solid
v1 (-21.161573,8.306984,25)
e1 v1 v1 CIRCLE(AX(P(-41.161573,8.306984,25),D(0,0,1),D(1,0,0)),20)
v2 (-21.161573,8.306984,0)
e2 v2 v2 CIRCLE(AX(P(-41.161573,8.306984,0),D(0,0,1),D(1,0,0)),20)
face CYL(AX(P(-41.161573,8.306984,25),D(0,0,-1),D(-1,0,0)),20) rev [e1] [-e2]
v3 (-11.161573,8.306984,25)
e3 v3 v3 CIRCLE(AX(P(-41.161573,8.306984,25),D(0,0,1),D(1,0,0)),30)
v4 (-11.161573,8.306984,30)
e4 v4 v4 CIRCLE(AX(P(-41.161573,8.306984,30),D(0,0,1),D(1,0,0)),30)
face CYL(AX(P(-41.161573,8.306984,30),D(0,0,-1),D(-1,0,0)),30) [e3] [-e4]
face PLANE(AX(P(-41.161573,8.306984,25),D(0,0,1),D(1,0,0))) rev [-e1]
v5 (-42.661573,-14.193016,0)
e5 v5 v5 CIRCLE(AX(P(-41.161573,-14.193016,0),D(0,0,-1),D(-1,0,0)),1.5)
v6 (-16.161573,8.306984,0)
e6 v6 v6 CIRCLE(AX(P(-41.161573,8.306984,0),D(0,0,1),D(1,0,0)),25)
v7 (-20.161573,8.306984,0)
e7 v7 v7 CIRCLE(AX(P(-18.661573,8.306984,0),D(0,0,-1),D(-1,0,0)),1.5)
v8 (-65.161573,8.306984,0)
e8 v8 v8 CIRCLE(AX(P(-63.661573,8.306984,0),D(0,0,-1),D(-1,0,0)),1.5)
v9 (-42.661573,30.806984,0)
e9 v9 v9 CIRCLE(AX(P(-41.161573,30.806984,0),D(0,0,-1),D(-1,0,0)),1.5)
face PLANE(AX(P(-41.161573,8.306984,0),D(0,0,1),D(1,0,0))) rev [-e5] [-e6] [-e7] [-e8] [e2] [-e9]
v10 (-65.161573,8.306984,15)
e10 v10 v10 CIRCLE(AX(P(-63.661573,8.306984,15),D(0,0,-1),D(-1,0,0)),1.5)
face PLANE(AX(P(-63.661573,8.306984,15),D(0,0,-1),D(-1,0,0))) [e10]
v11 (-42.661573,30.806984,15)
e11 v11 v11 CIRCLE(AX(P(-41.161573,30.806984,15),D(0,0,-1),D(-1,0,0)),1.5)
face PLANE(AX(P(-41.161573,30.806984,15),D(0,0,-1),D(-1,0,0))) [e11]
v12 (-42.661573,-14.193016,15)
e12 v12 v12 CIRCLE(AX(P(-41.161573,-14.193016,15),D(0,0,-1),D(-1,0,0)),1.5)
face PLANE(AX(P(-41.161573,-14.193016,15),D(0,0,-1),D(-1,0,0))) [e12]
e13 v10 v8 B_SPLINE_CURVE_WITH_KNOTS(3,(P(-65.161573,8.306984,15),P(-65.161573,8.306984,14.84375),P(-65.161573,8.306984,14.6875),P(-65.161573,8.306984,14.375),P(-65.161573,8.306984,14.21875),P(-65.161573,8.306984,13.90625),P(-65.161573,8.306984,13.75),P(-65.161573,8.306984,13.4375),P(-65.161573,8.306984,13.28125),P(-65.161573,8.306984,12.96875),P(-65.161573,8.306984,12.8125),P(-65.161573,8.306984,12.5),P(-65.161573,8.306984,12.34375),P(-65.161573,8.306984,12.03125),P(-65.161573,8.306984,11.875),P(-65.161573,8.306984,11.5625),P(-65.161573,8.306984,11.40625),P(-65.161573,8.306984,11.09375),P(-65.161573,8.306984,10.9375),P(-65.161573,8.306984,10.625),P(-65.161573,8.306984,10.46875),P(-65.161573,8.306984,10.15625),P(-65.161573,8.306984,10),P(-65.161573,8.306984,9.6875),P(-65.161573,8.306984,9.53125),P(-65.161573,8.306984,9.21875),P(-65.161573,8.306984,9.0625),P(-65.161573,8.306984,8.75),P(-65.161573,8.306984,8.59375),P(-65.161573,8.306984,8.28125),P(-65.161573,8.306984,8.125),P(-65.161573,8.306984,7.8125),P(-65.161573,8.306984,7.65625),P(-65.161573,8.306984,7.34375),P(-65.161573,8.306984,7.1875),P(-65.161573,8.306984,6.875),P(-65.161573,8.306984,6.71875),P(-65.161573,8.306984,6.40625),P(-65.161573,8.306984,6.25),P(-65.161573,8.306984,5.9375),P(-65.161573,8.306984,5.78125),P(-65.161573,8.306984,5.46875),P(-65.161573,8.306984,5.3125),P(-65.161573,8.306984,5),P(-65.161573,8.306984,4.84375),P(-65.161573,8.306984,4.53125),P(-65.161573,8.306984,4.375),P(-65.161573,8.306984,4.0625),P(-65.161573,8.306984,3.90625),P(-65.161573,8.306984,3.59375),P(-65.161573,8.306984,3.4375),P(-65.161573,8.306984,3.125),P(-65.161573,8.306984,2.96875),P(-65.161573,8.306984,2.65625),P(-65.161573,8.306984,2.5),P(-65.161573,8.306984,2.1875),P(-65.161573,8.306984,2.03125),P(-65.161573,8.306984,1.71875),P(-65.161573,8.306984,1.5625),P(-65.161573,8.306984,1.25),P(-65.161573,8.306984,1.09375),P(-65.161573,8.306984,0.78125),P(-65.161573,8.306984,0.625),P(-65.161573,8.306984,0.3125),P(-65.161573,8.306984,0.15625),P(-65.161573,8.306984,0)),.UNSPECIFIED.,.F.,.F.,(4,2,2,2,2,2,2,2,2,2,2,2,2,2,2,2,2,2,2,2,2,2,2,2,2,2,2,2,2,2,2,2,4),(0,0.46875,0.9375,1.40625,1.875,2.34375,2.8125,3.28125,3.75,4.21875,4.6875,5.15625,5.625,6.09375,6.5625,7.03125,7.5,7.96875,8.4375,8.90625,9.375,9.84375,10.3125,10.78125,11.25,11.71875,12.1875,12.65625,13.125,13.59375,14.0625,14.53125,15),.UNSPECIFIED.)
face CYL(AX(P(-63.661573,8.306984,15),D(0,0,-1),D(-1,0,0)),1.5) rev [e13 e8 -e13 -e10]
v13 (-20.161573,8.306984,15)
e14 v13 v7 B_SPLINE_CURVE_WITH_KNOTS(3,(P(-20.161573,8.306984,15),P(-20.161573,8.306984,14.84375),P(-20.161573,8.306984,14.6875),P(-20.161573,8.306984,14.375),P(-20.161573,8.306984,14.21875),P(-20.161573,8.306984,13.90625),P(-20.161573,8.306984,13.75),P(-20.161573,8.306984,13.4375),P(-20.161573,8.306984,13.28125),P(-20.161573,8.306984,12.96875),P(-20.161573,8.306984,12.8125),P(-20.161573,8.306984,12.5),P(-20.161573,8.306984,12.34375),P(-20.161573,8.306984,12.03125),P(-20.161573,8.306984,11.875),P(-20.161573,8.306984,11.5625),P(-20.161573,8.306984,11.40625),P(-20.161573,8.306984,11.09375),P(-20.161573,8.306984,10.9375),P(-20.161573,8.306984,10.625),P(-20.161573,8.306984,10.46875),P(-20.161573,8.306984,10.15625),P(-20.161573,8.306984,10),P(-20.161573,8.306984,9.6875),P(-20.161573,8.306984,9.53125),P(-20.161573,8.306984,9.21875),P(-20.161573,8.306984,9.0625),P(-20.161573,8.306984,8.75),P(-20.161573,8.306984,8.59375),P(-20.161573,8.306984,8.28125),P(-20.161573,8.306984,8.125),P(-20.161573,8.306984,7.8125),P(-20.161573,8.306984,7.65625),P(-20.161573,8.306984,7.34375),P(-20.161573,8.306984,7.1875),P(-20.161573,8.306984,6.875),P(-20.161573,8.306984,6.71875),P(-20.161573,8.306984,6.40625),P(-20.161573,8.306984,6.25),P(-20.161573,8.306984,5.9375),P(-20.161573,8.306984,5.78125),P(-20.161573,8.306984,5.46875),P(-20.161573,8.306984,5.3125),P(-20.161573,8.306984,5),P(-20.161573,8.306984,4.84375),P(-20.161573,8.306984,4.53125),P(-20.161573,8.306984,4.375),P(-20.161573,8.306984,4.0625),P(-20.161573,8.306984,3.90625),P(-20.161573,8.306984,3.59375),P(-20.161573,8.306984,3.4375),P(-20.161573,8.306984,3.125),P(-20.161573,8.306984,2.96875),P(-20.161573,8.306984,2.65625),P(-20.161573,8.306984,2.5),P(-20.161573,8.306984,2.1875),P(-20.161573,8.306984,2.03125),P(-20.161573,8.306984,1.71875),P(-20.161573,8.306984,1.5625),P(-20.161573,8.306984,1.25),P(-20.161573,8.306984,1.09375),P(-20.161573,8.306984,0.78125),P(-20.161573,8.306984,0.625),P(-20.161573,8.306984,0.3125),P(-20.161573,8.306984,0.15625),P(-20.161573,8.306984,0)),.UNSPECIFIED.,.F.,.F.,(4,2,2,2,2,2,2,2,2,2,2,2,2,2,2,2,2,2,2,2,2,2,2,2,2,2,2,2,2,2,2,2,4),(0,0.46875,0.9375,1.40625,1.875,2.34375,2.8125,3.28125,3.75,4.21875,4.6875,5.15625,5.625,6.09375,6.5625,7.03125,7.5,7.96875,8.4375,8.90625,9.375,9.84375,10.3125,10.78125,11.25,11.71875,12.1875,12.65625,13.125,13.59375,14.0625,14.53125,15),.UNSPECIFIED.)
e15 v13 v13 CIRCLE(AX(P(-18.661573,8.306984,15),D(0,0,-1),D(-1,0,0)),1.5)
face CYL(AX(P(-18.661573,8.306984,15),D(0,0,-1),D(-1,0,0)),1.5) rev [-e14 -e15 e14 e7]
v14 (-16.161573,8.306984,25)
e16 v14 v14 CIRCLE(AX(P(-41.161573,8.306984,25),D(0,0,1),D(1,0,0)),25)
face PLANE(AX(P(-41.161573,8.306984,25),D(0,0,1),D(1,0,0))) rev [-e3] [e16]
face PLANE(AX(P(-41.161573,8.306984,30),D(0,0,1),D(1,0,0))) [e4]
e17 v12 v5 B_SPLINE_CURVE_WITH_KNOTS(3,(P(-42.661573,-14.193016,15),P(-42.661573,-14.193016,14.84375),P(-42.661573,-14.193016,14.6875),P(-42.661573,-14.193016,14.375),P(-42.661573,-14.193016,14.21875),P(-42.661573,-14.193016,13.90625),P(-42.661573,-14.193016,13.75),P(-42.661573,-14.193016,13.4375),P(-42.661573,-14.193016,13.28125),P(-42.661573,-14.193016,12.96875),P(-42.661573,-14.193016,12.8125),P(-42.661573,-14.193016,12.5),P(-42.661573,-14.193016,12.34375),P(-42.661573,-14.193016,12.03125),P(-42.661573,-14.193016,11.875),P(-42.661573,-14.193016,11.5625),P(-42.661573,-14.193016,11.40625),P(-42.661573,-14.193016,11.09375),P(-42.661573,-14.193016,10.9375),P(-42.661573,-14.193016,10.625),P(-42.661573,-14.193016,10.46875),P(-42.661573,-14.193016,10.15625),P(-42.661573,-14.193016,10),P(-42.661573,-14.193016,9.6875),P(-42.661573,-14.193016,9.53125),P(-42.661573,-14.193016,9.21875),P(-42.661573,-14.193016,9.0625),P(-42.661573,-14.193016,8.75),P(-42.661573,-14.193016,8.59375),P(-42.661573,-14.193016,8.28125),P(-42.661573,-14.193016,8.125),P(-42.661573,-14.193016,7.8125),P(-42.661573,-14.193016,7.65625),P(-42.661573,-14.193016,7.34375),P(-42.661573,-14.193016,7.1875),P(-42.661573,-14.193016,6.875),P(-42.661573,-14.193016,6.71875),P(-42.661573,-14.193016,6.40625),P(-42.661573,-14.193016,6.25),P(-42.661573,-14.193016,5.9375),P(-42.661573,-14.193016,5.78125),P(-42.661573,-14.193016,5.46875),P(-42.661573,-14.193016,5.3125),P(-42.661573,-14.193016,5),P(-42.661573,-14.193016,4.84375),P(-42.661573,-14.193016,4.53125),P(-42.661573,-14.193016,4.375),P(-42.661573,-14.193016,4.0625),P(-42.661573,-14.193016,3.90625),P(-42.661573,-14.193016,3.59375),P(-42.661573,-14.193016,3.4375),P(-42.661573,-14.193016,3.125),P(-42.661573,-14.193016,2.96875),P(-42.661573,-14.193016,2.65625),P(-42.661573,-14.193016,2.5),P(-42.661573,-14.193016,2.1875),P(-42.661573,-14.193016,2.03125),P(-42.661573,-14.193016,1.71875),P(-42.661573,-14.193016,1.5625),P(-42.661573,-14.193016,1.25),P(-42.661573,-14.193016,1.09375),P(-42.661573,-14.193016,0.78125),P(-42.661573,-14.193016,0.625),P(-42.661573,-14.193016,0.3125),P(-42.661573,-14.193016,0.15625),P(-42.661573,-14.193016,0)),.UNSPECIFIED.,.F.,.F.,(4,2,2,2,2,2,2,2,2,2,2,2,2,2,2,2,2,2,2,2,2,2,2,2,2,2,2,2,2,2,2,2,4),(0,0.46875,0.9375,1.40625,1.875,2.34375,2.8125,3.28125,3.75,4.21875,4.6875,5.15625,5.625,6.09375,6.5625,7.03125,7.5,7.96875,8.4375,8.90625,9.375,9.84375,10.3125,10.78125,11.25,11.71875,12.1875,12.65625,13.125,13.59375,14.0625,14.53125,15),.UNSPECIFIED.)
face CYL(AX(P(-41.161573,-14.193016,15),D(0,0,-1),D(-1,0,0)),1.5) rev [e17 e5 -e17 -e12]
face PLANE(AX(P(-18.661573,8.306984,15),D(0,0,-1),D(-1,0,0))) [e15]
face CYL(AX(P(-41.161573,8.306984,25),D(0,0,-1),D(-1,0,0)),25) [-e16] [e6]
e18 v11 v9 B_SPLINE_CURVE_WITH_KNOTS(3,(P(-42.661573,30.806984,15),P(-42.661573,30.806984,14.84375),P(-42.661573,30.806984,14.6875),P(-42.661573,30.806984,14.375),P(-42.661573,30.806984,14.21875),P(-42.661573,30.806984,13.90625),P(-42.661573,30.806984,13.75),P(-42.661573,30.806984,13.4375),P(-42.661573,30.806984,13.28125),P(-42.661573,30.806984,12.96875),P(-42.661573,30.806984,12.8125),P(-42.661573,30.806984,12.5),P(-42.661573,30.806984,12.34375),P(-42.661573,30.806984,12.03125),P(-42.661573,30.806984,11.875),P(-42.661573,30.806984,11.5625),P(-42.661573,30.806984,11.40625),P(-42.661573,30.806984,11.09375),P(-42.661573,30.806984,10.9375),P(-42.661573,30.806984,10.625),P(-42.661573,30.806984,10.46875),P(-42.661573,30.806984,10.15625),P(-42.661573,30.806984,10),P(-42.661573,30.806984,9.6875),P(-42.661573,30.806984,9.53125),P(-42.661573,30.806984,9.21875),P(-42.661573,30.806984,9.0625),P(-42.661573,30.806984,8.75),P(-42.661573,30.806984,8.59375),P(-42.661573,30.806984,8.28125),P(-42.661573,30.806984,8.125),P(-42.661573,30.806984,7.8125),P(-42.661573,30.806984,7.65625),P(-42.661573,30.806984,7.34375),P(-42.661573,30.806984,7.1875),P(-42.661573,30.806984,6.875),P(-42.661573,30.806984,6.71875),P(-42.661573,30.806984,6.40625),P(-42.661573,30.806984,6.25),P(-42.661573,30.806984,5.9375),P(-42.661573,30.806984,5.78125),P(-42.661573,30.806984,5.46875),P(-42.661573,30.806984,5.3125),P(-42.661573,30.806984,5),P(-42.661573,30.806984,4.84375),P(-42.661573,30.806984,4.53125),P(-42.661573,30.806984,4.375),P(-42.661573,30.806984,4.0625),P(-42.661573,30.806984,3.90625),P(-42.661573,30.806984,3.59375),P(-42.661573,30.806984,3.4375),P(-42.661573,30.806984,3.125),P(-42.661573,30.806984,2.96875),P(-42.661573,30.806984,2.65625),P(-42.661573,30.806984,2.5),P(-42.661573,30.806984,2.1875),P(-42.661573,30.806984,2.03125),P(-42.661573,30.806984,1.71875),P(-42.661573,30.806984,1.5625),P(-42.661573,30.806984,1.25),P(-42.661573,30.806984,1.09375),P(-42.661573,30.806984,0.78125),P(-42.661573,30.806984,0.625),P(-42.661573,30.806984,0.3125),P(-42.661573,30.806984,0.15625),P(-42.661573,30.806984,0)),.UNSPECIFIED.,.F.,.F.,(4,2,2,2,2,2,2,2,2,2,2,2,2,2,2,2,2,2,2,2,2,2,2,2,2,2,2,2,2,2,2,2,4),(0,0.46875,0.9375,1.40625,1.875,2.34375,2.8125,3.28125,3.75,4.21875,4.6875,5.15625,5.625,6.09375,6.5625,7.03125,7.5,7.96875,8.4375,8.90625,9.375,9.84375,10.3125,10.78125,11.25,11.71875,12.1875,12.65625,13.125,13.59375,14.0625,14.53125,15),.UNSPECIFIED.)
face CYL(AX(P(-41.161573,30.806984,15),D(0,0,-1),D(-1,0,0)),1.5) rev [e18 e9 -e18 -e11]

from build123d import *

# Parameters (mm, degrees)
SKETCH_1_R          = 25
SKETCH_1_R_2        = 20
EXTRUDE_3_DEPTH     = 25
SKETCH_12_R         = 1.5
CUT_EXTRUDE_3_DEPTH = 15
SKETCH_13_R         = 30
EXTRUDE_5_DEPTH     = 5


with BuildPart() as part:
    # 草图1 → 凸台-拉伸3 (new body)
    with BuildSketch(Plane.XY):
        with Locations((-41.161572615, 8.306984042)):
            Circle(SKETCH_1_R)
        with Locations((-41.161572615, 8.306984042)):
            Circle(SKETCH_1_R_2, mode=Mode.SUBTRACT)
    extrude(amount=EXTRUDE_3_DEPTH)

    # 草图12 → 切除-拉伸3 (cut)
    with BuildSketch(Plane(origin=(0, 0, 0), x_dir=(-1, 0, 0), z_dir=(0, 0, -1))):
        with Locations((41.161572615, 30.806984042)):
            Circle(SKETCH_12_R)
        with Locations((63.661572615, 8.306984042)):
            Circle(SKETCH_12_R)
        with Locations((41.161572615, -14.193015958)):
            Circle(SKETCH_12_R)
        with Locations((18.661572615, 8.306984042)):
            Circle(SKETCH_12_R)
    extrude(amount=-CUT_EXTRUDE_3_DEPTH, mode=Mode.SUBTRACT)

    # 草图13 → 凸台-拉伸5 (add)
    with BuildSketch(Plane.XY.offset(25)):
        with Locations((-41.161572615, 8.306984042)):
            Circle(SKETCH_13_R)
    extrude(amount=EXTRUDE_5_DEPTH)


solid = part.part
